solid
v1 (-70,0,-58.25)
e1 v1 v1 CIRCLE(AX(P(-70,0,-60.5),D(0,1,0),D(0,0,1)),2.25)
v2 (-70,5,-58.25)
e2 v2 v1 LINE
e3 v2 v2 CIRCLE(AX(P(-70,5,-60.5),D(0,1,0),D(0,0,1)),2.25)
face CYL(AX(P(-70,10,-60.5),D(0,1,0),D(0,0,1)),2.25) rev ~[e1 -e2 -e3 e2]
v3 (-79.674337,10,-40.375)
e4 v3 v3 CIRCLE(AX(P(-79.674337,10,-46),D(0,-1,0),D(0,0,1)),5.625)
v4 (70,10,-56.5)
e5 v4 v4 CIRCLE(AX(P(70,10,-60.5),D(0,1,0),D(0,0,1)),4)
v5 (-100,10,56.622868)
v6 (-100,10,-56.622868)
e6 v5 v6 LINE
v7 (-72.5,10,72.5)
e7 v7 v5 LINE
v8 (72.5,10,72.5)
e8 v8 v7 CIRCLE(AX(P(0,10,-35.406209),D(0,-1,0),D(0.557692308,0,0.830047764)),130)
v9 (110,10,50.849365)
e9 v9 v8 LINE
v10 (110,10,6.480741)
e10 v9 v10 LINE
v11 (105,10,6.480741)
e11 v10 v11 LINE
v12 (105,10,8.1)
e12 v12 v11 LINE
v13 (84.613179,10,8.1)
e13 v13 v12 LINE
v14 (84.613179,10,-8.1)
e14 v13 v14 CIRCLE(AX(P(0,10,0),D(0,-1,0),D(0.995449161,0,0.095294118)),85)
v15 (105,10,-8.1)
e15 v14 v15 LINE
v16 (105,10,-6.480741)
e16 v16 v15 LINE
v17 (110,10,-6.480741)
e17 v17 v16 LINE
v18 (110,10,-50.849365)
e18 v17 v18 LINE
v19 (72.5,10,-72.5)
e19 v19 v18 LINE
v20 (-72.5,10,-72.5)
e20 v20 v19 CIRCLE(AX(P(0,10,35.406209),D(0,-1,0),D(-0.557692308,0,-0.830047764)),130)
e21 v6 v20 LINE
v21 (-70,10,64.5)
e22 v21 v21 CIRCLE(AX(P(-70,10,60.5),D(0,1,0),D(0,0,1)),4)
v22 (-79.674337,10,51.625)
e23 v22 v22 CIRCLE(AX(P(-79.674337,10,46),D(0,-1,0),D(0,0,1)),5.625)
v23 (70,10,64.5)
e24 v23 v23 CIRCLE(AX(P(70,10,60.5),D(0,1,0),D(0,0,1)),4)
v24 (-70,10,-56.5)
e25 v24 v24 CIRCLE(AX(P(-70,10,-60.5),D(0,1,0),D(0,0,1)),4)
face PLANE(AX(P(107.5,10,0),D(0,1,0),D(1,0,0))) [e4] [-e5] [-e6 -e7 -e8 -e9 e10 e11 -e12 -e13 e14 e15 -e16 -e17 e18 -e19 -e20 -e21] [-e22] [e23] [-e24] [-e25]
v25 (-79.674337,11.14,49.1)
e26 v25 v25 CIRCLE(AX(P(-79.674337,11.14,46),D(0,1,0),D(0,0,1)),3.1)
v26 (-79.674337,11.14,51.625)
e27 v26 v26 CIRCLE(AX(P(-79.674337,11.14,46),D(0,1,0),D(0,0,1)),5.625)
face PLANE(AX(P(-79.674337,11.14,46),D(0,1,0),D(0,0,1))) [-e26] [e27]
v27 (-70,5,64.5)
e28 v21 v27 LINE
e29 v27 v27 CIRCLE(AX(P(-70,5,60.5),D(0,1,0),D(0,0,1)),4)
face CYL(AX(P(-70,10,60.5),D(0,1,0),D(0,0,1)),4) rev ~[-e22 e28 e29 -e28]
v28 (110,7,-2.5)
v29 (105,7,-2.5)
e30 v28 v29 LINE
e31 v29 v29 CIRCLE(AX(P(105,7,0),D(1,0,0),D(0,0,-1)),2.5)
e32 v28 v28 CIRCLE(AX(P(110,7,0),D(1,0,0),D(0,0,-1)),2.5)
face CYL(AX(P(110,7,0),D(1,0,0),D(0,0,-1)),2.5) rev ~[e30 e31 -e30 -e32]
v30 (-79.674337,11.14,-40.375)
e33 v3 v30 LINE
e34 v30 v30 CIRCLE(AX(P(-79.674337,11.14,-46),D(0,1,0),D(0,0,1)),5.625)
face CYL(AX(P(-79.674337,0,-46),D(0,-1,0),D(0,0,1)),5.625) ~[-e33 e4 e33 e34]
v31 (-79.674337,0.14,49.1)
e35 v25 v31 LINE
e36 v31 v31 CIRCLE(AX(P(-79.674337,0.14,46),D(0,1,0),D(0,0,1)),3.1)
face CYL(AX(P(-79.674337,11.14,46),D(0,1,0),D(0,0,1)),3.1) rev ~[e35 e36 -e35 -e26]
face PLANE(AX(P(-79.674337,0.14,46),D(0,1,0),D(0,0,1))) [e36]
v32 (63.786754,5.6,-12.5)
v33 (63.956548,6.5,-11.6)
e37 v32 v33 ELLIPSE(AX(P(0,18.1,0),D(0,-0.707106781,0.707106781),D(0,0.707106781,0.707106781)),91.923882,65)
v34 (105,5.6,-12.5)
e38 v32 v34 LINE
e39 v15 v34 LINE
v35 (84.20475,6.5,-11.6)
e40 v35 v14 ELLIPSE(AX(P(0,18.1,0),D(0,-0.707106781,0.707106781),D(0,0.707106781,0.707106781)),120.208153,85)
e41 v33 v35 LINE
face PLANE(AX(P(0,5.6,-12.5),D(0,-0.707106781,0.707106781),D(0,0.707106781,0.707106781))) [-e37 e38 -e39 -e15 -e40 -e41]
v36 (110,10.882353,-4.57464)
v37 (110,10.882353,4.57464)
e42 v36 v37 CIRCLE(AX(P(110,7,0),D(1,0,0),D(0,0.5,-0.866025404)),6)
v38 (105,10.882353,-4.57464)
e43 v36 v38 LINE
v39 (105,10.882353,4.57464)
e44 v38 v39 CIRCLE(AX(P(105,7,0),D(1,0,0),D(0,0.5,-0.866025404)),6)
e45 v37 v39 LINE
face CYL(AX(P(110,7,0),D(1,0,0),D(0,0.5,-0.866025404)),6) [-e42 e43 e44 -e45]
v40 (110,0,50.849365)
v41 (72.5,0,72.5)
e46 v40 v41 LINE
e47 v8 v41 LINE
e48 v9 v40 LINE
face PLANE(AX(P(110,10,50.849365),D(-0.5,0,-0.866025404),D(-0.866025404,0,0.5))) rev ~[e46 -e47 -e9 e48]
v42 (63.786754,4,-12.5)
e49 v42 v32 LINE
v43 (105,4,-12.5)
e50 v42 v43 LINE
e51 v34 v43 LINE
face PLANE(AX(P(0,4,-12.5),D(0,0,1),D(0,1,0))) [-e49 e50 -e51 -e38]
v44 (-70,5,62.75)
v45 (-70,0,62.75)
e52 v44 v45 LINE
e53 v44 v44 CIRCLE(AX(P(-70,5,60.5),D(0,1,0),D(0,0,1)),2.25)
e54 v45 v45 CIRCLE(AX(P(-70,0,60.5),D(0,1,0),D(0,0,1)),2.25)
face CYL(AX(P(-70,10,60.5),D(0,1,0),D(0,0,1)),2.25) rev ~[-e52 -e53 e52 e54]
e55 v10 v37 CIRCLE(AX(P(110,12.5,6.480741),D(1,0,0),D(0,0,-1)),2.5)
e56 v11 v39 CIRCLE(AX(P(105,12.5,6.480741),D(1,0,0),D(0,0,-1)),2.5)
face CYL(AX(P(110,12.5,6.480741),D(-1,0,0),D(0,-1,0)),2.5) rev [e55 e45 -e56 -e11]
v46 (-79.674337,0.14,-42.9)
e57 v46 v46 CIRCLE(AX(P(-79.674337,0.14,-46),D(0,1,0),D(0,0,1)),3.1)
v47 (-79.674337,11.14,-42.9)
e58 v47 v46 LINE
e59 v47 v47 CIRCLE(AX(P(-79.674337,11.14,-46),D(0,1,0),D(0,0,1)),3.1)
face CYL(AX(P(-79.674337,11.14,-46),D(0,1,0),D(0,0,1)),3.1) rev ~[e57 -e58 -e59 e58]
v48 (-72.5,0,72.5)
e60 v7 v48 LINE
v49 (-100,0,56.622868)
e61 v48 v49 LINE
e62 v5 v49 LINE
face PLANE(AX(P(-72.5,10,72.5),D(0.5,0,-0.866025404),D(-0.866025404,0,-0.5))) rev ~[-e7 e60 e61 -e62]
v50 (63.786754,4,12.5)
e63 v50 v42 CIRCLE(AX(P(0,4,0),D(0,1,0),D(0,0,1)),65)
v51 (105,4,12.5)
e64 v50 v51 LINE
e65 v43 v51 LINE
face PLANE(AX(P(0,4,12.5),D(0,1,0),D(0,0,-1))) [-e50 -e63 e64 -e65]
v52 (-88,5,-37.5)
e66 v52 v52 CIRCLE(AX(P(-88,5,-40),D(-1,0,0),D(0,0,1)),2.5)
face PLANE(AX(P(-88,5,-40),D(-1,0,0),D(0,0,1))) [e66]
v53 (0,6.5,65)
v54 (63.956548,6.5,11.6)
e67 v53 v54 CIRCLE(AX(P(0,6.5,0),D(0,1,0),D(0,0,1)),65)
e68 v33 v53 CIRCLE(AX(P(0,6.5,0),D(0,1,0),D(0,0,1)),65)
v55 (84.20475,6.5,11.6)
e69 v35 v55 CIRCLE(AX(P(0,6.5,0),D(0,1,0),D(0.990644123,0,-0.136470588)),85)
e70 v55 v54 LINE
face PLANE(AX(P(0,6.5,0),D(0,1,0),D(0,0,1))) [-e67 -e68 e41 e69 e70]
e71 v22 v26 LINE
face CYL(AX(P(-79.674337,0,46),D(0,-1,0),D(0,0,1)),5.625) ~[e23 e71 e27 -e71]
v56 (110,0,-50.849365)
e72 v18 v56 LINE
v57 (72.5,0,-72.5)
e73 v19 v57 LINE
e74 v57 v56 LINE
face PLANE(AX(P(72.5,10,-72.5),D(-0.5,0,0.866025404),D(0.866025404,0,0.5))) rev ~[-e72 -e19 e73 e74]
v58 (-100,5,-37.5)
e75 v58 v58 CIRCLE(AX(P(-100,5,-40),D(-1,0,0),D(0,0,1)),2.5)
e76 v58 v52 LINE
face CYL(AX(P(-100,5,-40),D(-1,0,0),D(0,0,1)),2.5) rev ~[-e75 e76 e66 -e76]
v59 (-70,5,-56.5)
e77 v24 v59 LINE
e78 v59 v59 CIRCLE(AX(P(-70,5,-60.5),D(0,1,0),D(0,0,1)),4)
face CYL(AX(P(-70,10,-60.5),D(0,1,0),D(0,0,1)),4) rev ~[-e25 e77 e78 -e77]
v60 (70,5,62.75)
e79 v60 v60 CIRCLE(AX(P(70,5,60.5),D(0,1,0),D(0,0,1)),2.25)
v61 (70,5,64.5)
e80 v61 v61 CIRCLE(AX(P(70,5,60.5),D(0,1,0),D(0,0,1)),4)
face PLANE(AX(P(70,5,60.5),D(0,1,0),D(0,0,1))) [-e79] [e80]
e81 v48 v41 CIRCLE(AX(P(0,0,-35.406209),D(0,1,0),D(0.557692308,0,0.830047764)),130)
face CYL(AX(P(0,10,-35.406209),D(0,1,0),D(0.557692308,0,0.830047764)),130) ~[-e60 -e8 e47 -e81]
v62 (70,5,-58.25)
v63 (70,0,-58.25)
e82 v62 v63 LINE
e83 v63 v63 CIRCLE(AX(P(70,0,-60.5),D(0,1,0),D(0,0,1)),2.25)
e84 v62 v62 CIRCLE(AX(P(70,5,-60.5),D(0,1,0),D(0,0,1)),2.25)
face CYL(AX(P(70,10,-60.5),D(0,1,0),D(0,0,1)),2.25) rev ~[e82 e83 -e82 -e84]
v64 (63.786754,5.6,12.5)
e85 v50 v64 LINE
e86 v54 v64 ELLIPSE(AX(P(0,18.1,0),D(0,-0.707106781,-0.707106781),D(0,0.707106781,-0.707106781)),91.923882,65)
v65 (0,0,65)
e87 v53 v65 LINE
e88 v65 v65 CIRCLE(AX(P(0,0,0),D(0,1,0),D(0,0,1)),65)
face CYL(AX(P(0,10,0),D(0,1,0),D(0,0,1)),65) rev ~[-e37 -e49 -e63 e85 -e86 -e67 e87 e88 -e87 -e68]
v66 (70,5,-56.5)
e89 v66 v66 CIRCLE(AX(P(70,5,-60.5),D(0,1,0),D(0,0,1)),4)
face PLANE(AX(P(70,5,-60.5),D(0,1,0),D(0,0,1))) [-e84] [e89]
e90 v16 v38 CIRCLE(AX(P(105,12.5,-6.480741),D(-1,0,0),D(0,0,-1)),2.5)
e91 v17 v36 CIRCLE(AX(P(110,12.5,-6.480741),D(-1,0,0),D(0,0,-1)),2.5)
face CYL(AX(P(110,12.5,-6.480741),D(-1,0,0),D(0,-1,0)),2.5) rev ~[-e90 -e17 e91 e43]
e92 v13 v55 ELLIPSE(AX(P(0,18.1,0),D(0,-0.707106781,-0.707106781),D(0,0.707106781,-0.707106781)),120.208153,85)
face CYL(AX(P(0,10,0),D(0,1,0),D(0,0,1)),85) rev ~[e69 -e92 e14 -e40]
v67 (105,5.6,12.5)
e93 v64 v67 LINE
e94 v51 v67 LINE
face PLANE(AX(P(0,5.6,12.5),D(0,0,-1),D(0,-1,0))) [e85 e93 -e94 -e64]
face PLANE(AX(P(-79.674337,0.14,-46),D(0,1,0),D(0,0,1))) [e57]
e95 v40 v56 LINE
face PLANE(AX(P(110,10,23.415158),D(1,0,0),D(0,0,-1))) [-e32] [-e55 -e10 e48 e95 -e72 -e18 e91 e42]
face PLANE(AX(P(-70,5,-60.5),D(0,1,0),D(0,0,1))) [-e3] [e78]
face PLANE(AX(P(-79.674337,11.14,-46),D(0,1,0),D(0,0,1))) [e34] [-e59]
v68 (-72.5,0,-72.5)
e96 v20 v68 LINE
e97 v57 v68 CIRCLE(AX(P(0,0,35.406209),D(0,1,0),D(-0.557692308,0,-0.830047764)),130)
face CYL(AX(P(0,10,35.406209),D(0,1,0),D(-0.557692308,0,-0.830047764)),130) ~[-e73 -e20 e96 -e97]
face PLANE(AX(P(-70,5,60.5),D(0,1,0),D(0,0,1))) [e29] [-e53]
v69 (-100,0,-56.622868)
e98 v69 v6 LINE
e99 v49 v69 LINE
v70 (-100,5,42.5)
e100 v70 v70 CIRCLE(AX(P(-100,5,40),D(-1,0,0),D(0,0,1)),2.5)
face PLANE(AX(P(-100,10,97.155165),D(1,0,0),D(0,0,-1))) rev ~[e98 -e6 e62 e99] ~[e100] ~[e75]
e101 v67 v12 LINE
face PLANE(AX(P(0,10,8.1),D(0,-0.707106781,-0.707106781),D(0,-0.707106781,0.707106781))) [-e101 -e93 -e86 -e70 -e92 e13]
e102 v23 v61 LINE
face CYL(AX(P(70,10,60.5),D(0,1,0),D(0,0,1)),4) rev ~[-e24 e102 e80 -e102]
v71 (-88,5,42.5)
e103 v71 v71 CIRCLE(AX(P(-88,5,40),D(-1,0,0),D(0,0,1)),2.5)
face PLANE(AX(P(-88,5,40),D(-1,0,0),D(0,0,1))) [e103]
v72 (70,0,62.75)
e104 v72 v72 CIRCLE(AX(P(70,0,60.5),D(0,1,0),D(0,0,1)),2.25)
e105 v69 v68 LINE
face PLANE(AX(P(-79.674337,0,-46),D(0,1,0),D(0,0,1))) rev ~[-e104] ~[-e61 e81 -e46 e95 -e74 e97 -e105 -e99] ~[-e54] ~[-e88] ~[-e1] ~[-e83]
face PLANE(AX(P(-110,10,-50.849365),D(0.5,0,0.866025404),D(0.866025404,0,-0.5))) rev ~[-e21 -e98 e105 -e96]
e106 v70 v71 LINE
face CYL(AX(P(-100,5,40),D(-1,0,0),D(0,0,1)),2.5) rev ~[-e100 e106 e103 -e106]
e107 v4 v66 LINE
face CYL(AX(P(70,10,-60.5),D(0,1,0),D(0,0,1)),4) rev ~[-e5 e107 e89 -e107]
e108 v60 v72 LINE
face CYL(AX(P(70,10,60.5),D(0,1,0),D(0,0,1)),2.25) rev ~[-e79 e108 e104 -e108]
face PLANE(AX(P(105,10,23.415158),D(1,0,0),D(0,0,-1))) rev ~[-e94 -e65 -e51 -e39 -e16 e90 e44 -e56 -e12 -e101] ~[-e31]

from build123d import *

# Parameters (mm, degrees)
SKETCH1_W                = 220
SKETCH1_H                = 210
BOSS_EXTRUDE1_DEPTH      = 10
SKETCH2_R                = 65
CUT_EXTRUDE1_DEPTH       = 153.397506541
SKETCH3_R                = 2.25
CUT_EXTRUDE2_DEPTH       = 153.397506541
SKETCH4_R                = 85
CUT_EXTRUDE3_DEPTH       = 3.5
SKETCH5_R                = 4
CUT_EXTRUDE4_DEPTH       = 5
BOSS_EXTRUDE2_DEPTH      = 1.14
BOSS_EXTRUDE2_DEPTH_BACK = 10
SKETCH6_R                = 5.625
CUT_EXTRUDE6_DEPTH       = 153.397506541
CUT_EXTRUDE5_DEPTH       = 146.506305169
SKETCH9_R                = 3.1
CUT_EXTRUDE7_DEPTH       = 11
BOSS_EXTRUDE3_REACH      = 147.423
SKETCH10_W               = 5
SKETCH10_H               = 46.83031672
SKETCH11_R               = 2.5
CUT_EXTRUDE8_DEPTH       = 5
SKETCH12_W               = 64.109170113
SKETCH12_H               = 200.868418625
CUT_EXTRUDE9_DEPTH       = 146.423468683
SKETCH13_R               = 2.5
CUT_EXTRUDE10_DEPTH      = 12
BOSS_EXTRUDE4_DEPTH      = 5
FILLET1_R                = 2.5


with BuildPart() as part:
    # Sketch1 → Boss-Extrude1 (new body)
    with BuildSketch(Plane(origin=(0, 0, 0), x_dir=(1, 0, 0), z_dir=(0, 1, 0))):
        Rectangle(SKETCH1_W, SKETCH1_H)
    extrude(amount=BOSS_EXTRUDE1_DEPTH)

    # Sketch2 → Cut-Extrude1 (cut, through all)
    with BuildSketch(Plane(origin=(0, 10, 0), x_dir=(1, 0, 0), z_dir=(0, 1, 0))):
        with Locations(Location((0, 0, 0), (0, 0, 270))):
            Circle(SKETCH2_R)
    extrude(amount=-CUT_EXTRUDE1_DEPTH, mode=Mode.SUBTRACT)

    # Sketch3 → Cut-Extrude2 (cut, through all)
    with BuildSketch(Plane(origin=(0, 10, 0), x_dir=(1, 0, 0), z_dir=(0, 1, 0))):
        with Locations(Location((70, 60.5, 0), (0, 0, 270))):
            Circle(SKETCH3_R)
        with Locations(Location((-70, 60.5, 0), (0, 0, 270))):
            Circle(SKETCH3_R)
        with Locations(Location((-70, -60.5, 0), (0, 0, 270))):
            Circle(SKETCH3_R)
        with Locations(Location((70, -60.5, 0), (0, 0, 270))):
            Circle(SKETCH3_R)
    extrude(amount=-CUT_EXTRUDE2_DEPTH, mode=Mode.SUBTRACT)

    # Sketch4 → Cut-Extrude3 (cut)
    with BuildSketch(Plane(origin=(0, 10, 0), x_dir=(1, 0, 0), z_dir=(0, 1, 0))):
        with Locations(Location((0, 0, 0), (0, 0, 270))):
            Circle(SKETCH4_R)
    extrude(amount=-CUT_EXTRUDE3_DEPTH, mode=Mode.SUBTRACT)

    # Sketch5 → Cut-Extrude4 (cut)
    with BuildSketch(Plane(origin=(0, 10, 0), x_dir=(1, 0, 0), z_dir=(0, 1, 0))):
        with Locations(Location((70, -60.5, 0), (0, 0, 270))):
            Circle(SKETCH5_R)
        with Locations(Location((-70, -60.5, 0), (0, 0, 270))):
            Circle(SKETCH5_R)
        with Locations(Location((-70, 60.5, 0), (0, 0, 270))):
            Circle(SKETCH5_R)
        with Locations(Location((70, 60.5, 0), (0, 0, 270))):
            Circle(SKETCH5_R)
    extrude(amount=-CUT_EXTRUDE4_DEPTH, mode=Mode.SUBTRACT)

    # Sketch6 → Boss-Extrude2 (add, two sides: drawn at the far end of the back side and taken through both)
    with BuildSketch(Plane(origin=(0, 10, 0), x_dir=(1, 0, 0), z_dir=(0, 1, 0)).offset(-BOSS_EXTRUDE2_DEPTH_BACK)):
        with Locations(Location((-79.674337148, 46, 0), (0, 0, 270))):
            Circle(SKETCH6_R)
        with Locations(Location((-79.674337148, -46, 0), (0, 0, 270))):
            Circle(SKETCH6_R)
    extrude(amount=BOSS_EXTRUDE2_DEPTH + BOSS_EXTRUDE2_DEPTH_BACK)

    # Sketch8 → Cut-Extrude6 (cut, through all)
    with BuildSketch(Plane(origin=(0, 10, 0), x_dir=(1, 0, 0), z_dir=(0, 1, 0))):
        with BuildLine():
            Line((-72.5, -72.5), (-110, -50.849364905))
            Line((-110, -50.849364905), (-110, -105))
            Line((-110, -105), (110, -105))
            Line((110, -105), (110, -50.849364905))
            Line((110, -50.849364905), (72.5, -72.5))
            ThreePointArc((72.5, -72.5), (0, -94.593790725), (-72.5, -72.5))
        make_face()
        with BuildLine():
            Line((-110, 50.849364905), (-72.5, 72.5))
            ThreePointArc((-72.5, 72.5), (0, 94.593790725), (72.5, 72.5))
            Line((72.5, 72.5), (110, 50.849364905))
            Line((110, 50.849364905), (110, 105))
            Line((110, 105), (-110, 105))
            Line((-110, 105), (-110, 50.849364905))
        make_face()
    extrude(amount=-CUT_EXTRUDE6_DEPTH, mode=Mode.SUBTRACT)

    # Sketch7 → Cut-Extrude5 (cut, through all)
    with BuildSketch(Plane(origin=(0, 0, 0), x_dir=(0, 0, -1), z_dir=(1, 0, 0))):
        Polygon((-12.5, 4), (12.5, 4), (12.5, 5.6), (8.1, 10), (-8.1, 10), (-12.5, 5.6), align=None)
    extrude(amount=CUT_EXTRUDE5_DEPTH, mode=Mode.SUBTRACT)

    # Sketch9 → Cut-Extrude7 (cut)
    with BuildSketch(Plane(origin=(0, 11.14, 0), x_dir=(1, 0, 0), z_dir=(0, 1, 0))):
        with Locations(Location((-79.674337148, 46, 0), (0, 0, 270))):
            Circle(SKETCH9_R)
        with Locations(Location((-79.674337148, -46, 0), (0, 0, 270))):
            Circle(SKETCH9_R)
    extrude(amount=-CUT_EXTRUDE7_DEPTH, mode=Mode.SUBTRACT)

    # Sketch10 → Boss-Extrude3 (add, up to next)
    with BuildSketch(Plane(origin=(0, 10, 0), x_dir=(1, 0, 0), z_dir=(0, 1, 0)), mode=Mode.PRIVATE) as boss_extrude3_sk1:
        with Locations((107.5, 0)):
            Rectangle(SKETCH10_W, SKETCH10_H)
    boss_extrude3_tool1 = extrude(boss_extrude3_sk1.sketch, amount=-BOSS_EXTRUDE3_REACH, mode=Mode.PRIVATE) - part.part
    add(boss_extrude3_tool1.solids().sort_by_distance((107.5, 10, 0))[0])

    # Sketch11 → Cut-Extrude8 (cut)
    with BuildSketch(Plane(origin=(110, 0, 0), x_dir=(0, 0, -1), z_dir=(1, 0, 0))):
        with Locations((0, 7)):
            Circle(SKETCH11_R)
    extrude(amount=-CUT_EXTRUDE8_DEPTH, mode=Mode.SUBTRACT)

    # Sketch12 → Cut-Extrude9 (cut, through all)
    with BuildSketch(Plane(origin=(0, 10, 0), x_dir=(1, 0, 0), z_dir=(0, 1, 0))):
        with Locations((-132.054585057, 3.279044808)):
            Rectangle(SKETCH12_W, SKETCH12_H)
    extrude(amount=-CUT_EXTRUDE9_DEPTH, mode=Mode.SUBTRACT)

    # Sketch13 → Cut-Extrude10 (cut)
    with BuildSketch(Plane.ZY.offset(100)):
        with Locations((-40, 5)):
            Circle(SKETCH13_R)
        with Locations((40, 5)):
            Circle(SKETCH13_R)
    extrude(amount=-CUT_EXTRUDE10_DEPTH, mode=Mode.SUBTRACT)

    # Sketch14 → Boss-Extrude4 (add)
    with BuildSketch(Plane(origin=(110, 0, 0), x_dir=(0, 0, -1), z_dir=(1, 0, 0))):
        with BuildLine():
            Line((-5.196152423, 10), (5.196152423, 10))
            ThreePointArc((5.196152423, 10), (0, 13), (-5.196152423, 10))
        make_face()
    extrude(amount=-BOSS_EXTRUDE4_DEPTH)

    # Fillet1
    fillet1_edges = [part.edges().sort_by_distance(p)[0] for p in [
        (107.5, 10, -5.196152423),
        (107.5, 10, 5.196152423),
    ]]
    fillet(fillet1_edges, radius=FILLET1_R)


solid = part.part
